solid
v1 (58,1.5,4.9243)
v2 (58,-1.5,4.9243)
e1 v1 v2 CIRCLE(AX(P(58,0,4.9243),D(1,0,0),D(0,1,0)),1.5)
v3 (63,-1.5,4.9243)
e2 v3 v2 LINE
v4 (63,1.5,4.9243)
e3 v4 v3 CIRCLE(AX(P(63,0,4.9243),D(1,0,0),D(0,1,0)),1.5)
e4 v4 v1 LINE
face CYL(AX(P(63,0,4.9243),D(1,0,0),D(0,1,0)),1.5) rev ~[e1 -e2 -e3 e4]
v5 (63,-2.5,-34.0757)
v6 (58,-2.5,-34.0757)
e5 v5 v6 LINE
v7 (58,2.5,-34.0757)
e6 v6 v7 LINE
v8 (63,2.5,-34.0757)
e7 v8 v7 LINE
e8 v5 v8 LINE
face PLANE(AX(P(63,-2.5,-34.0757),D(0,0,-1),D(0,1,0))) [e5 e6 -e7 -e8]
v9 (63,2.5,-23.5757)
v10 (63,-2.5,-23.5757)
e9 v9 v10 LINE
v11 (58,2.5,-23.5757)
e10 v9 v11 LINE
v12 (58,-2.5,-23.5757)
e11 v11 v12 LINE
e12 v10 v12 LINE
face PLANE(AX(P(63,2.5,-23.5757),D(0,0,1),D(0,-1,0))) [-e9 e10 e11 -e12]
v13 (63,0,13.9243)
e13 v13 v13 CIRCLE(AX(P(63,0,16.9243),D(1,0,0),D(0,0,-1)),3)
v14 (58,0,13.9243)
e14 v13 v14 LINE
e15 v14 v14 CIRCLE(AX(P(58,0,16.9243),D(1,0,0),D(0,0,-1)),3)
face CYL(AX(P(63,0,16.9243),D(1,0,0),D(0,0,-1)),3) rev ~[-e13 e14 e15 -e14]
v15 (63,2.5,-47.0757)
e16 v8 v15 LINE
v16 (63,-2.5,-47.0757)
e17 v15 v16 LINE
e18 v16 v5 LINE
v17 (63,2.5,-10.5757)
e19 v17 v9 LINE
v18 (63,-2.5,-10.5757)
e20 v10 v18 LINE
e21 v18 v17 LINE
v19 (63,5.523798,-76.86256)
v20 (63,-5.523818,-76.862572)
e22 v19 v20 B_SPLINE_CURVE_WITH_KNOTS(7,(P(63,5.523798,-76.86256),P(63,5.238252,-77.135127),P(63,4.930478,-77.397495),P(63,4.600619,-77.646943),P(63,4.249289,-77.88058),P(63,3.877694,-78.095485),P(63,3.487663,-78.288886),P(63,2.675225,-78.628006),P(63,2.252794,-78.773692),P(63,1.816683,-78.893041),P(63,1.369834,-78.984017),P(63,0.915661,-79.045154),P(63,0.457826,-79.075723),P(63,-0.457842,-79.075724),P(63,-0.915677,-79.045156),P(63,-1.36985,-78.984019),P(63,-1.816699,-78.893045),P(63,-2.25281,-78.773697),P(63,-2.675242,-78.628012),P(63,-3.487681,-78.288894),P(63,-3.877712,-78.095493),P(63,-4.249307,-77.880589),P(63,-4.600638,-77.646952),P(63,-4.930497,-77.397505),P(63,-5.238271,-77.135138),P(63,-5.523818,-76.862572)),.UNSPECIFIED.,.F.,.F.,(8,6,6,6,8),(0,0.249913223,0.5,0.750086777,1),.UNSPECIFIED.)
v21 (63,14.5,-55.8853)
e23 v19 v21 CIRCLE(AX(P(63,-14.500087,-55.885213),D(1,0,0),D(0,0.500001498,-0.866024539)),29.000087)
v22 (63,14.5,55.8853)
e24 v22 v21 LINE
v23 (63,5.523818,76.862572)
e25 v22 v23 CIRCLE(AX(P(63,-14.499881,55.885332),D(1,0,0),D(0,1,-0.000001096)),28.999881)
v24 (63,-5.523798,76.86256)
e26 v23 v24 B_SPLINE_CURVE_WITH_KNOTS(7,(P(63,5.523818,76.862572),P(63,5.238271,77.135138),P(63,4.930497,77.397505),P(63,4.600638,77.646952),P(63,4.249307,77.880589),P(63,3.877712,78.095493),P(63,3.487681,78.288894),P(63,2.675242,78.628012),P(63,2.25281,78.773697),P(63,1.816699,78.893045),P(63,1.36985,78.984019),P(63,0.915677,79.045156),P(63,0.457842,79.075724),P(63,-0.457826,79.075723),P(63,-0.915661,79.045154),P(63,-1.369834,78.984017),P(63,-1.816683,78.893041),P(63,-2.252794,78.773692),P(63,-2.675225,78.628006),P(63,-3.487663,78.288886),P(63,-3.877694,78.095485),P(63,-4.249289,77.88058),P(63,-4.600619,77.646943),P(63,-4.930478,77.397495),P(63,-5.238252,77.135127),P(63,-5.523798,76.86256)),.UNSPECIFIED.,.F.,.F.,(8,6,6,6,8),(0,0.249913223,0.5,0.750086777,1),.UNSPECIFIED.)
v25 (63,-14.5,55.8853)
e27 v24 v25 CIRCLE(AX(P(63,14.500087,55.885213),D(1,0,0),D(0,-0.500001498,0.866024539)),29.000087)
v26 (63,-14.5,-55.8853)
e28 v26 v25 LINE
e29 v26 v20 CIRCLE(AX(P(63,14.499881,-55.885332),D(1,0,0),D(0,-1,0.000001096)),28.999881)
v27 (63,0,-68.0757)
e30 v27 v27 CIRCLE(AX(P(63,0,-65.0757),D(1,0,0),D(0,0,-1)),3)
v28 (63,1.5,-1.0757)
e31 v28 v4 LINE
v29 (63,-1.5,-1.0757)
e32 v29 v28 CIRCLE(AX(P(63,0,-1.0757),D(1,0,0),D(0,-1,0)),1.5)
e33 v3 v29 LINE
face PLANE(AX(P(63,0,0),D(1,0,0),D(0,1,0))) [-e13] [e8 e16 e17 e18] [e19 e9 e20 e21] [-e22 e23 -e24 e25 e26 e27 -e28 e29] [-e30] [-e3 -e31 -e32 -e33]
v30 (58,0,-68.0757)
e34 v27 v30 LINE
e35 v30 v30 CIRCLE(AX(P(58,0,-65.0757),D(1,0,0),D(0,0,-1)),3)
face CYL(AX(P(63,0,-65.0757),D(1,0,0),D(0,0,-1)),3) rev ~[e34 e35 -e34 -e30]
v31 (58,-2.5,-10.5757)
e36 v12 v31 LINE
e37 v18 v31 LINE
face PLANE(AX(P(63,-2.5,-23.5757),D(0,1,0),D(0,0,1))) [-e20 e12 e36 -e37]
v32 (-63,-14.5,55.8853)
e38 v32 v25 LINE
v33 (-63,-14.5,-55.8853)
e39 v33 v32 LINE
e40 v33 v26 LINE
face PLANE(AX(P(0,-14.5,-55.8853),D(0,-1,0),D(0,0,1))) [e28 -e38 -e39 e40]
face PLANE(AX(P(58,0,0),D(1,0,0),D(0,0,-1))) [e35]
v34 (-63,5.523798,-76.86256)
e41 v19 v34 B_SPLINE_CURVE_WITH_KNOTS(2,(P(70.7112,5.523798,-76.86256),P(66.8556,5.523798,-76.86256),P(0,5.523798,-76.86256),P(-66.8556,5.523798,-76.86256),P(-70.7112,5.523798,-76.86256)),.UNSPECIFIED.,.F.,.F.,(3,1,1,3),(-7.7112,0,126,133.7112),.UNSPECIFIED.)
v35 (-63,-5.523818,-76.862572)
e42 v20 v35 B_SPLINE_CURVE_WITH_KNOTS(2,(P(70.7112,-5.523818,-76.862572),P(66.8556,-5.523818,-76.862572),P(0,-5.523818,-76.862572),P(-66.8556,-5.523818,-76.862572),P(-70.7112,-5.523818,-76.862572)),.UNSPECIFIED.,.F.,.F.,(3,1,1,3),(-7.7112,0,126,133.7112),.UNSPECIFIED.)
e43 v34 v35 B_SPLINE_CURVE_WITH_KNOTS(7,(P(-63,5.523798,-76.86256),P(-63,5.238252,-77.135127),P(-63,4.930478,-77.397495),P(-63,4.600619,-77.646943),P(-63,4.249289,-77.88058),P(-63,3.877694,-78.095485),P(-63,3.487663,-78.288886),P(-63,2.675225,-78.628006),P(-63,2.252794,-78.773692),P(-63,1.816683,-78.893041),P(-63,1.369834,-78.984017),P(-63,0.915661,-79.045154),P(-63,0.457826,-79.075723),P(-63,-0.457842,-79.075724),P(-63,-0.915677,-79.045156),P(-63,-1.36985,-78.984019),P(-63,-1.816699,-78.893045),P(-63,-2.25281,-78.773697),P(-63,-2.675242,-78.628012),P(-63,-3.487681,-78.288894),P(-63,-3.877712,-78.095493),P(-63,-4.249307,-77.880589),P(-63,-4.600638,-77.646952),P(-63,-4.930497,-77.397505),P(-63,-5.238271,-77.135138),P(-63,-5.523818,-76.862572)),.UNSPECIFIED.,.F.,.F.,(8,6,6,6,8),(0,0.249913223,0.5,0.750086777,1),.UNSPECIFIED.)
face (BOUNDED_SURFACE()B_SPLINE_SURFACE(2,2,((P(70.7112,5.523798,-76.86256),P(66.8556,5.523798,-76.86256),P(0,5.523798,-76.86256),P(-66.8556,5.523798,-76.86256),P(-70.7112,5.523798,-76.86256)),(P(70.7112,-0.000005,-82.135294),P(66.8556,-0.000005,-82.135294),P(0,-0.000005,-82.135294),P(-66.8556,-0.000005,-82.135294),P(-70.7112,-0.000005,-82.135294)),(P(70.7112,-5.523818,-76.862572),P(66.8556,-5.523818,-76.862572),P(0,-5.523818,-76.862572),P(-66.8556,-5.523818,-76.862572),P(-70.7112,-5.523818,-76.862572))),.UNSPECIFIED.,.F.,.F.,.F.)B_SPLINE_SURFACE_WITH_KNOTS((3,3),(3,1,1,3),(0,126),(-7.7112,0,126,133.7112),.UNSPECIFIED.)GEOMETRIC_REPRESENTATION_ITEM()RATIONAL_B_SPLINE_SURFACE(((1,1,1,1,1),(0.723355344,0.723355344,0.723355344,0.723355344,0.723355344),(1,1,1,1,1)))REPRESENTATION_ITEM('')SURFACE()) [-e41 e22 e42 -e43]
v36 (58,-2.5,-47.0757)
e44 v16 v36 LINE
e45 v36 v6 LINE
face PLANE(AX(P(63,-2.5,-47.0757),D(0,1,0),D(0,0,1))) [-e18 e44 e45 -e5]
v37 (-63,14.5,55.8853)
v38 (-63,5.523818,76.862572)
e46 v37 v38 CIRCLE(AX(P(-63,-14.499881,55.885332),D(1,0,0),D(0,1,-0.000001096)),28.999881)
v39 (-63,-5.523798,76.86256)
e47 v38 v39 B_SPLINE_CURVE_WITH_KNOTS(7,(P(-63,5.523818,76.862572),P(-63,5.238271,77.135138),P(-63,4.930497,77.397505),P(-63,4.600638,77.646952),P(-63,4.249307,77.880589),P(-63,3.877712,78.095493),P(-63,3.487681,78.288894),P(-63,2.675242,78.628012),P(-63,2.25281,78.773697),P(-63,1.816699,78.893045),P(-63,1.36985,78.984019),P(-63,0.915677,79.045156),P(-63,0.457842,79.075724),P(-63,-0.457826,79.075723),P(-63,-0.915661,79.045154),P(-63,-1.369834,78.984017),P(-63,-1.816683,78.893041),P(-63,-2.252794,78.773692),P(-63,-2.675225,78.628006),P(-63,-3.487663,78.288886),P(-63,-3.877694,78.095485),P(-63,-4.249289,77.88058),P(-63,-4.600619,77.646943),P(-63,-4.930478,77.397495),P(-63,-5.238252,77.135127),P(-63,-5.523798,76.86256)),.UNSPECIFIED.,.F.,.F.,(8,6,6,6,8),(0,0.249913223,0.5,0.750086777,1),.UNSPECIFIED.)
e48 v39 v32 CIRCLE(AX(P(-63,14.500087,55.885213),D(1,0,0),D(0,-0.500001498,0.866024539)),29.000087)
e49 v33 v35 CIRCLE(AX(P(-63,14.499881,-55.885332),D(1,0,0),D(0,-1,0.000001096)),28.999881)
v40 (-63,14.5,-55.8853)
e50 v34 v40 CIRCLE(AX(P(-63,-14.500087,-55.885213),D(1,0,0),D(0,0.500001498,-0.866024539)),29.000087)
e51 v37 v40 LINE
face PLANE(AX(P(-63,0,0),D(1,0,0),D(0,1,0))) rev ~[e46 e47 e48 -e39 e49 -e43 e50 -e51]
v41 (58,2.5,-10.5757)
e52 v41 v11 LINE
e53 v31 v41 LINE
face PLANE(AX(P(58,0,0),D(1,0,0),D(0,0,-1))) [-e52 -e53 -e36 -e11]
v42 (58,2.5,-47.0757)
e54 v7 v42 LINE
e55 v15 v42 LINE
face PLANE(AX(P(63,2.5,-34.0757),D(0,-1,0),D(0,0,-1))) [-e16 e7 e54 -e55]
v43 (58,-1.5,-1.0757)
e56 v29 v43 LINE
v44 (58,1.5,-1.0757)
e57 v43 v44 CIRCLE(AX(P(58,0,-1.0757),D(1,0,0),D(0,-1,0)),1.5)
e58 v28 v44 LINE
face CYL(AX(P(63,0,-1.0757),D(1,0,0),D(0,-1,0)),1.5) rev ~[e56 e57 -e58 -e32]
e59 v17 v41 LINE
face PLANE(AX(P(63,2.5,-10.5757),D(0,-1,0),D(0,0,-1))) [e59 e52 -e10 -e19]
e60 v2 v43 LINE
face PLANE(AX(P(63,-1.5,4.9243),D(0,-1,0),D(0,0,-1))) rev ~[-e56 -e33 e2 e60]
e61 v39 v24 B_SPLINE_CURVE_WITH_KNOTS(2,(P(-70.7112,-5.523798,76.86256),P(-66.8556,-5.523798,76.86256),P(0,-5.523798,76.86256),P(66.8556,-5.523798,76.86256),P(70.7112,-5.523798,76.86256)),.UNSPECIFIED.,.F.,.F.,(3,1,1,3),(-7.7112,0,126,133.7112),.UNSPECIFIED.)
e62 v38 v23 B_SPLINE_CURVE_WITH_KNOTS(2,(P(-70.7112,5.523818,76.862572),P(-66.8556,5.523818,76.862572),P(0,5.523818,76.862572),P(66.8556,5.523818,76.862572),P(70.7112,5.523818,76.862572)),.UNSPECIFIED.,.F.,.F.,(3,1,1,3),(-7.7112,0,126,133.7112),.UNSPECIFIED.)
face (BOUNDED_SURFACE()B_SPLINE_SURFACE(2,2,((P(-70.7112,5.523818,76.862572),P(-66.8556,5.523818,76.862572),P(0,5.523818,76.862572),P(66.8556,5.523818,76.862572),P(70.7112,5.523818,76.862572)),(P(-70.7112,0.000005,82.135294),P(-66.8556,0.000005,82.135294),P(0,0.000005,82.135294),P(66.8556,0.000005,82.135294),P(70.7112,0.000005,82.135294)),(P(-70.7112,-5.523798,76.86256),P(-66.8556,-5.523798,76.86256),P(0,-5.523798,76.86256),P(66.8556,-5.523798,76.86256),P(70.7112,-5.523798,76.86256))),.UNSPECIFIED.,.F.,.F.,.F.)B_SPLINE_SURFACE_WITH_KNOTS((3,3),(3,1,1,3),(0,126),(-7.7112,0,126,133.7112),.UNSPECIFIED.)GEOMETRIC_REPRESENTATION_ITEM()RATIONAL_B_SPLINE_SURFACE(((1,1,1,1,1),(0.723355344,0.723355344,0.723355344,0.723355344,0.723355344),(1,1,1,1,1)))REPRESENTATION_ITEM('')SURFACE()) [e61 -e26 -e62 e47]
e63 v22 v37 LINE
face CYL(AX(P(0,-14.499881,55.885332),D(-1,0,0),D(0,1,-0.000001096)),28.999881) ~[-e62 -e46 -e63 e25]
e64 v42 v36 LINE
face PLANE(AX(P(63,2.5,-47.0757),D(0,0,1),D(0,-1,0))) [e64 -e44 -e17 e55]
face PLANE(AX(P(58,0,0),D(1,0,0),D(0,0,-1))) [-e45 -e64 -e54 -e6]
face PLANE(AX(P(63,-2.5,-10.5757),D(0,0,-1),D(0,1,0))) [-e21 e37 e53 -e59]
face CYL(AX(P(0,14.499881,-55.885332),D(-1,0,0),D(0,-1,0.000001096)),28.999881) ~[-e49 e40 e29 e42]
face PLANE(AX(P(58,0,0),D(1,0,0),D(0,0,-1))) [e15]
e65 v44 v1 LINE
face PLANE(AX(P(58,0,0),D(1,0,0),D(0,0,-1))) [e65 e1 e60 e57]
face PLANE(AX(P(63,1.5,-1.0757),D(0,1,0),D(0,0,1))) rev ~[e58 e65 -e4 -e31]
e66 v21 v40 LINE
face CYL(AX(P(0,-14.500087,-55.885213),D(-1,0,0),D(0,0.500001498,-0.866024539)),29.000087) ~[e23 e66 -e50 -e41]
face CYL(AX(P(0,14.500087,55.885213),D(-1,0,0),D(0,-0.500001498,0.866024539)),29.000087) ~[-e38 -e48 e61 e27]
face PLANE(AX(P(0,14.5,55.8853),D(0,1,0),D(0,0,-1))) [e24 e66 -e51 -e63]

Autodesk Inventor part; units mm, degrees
ref_plane "YZ Plane" through (0, 0, 0) normal (1, 0, 0) x (0, 1, 0)
ref_plane "XZ Plane" through (0, 0, 0) normal (0, 1, 0) x (-1, 0, 0)
ref_plane "XY Plane" through (0, 0, 0) normal (0, 0, 1) x (1, 0, 0)
sketch "スケッチ1" plane through (0, 0, 0) normal (1, 0, 0) x (0, 1, 0)
  line L0 (-14.5, 81) -> (14.5, 81)
  line L1 (14.5, 81) -> (14.5, -81)
  line L2 (14.5, -81) -> (-14.5, -81)
  line L3 (-14.5, -81) -> (-14.5, 81)
  line L4 (-14.5, 81) -> (14.5, -81) construction
  line L5 (14.5, 81) -> (-14.5, -81) construction
  arc A0 (14.5, 55.8853) -> (0, 81) centre (-14.5, 55.8853) ccw
  arc A1 (0, 81) -> (-14.5, 55.8853) centre (14.5, 55.8853) ccw
  arc A2 (0, -81) -> (14.5, -55.8853) centre (-14.5, -55.8853) ccw
  arc A3 (-14.5, -55.8853) -> (0, -81) centre (14.5, -55.8853) ccw
  point P0 (0, 0)
  dimension "d0" = 29
  dimension "d1" = 162
extrude "押し出し1" add sketch "スケッチ1" along normal mid plane 126 contours A0 L1 A2 A3 L3 A1
fillet "フィレット1" radius 8 2 edges at (0, 0, 81) (0, 0, -81)
sketch "スケッチ2" plane through (63, 0, 0) normal (1, 0, 0) x (0, 0, -1)
  arc A0 (-76.8626, 5.5238) -> (-76.8626, -5.5238) centre (-71.0757, 0) ccw projected
  arc A1 (76.8626, -5.5238) -> (76.8626, 5.5238) centre (71.0757, 0) ccw projected
  line L0 (-71.0757, 0) -> (71.0757, 0) construction
  circle A2 centre (65.0757, 0) radius 3
  circle A3 centre (-16.9243, 0) radius 3
  line L1 (34.0757, 2.5) -> (47.0757, 2.5)
  line L2 (47.0757, 2.5) -> (47.0757, -2.5)
  line L3 (47.0757, -2.5) -> (34.0757, -2.5)
  line L4 (34.0757, -2.5) -> (34.0757, 2.5)
  line L5 (34.0757, 2.5) -> (47.0757, -2.5) construction
  line L6 (47.0757, 2.5) -> (34.0757, -2.5) construction
  line L7 (10.5757, 2.5) -> (23.5757, 2.5)
  line L8 (23.5757, 2.5) -> (23.5757, -2.5)
  line L9 (23.5757, -2.5) -> (10.5757, -2.5)
  line L10 (10.5757, -2.5) -> (10.5757, 2.5)
  line L11 (10.5757, 2.5) -> (23.5757, -2.5) construction
  line L12 (23.5757, 2.5) -> (10.5757, -2.5) construction
  line L13 (-4.9243, 0) -> (1.0757, 0) construction
  line L14 (-4.9243, -1.5) -> (1.0757, -1.5)
  line L15 (1.0757, 1.5) -> (-4.9243, 1.5)
  arc A4 (-4.9243, 1.5) -> (-4.9243, -1.5) centre (-4.9243, 0) ccw
  arc A5 (1.0757, -1.5) -> (1.0757, 1.5) centre (1.0757, 0) ccw
  point P0 (0, 0)
  point P1 (40.5757, 0)
  point P2 (17.0757, 0)
  point P3 (40.5757, 0)
  point P4 (17.0757, 0)
  point P5 (-1.9243, 0)
  point P6 (0, 0)
  dimension "d5" = 6
  dimension "d6" = 6
  dimension "d7" = 6
  dimension "d8" = 88
  dimension "d9" = 13
  dimension "d10" = 5
  dimension "d11" = 13
  dimension "d12" = 5
  dimension "d13" = 24.5
  dimension "d14" = 48
  dimension "d15" = 73
  dimension "d16" = 1.5
  dimension "d18" = 6
extrude "押し出し2" cut sketch "スケッチ2" against normal blind 5
properties part number "batter_krisdonia"
